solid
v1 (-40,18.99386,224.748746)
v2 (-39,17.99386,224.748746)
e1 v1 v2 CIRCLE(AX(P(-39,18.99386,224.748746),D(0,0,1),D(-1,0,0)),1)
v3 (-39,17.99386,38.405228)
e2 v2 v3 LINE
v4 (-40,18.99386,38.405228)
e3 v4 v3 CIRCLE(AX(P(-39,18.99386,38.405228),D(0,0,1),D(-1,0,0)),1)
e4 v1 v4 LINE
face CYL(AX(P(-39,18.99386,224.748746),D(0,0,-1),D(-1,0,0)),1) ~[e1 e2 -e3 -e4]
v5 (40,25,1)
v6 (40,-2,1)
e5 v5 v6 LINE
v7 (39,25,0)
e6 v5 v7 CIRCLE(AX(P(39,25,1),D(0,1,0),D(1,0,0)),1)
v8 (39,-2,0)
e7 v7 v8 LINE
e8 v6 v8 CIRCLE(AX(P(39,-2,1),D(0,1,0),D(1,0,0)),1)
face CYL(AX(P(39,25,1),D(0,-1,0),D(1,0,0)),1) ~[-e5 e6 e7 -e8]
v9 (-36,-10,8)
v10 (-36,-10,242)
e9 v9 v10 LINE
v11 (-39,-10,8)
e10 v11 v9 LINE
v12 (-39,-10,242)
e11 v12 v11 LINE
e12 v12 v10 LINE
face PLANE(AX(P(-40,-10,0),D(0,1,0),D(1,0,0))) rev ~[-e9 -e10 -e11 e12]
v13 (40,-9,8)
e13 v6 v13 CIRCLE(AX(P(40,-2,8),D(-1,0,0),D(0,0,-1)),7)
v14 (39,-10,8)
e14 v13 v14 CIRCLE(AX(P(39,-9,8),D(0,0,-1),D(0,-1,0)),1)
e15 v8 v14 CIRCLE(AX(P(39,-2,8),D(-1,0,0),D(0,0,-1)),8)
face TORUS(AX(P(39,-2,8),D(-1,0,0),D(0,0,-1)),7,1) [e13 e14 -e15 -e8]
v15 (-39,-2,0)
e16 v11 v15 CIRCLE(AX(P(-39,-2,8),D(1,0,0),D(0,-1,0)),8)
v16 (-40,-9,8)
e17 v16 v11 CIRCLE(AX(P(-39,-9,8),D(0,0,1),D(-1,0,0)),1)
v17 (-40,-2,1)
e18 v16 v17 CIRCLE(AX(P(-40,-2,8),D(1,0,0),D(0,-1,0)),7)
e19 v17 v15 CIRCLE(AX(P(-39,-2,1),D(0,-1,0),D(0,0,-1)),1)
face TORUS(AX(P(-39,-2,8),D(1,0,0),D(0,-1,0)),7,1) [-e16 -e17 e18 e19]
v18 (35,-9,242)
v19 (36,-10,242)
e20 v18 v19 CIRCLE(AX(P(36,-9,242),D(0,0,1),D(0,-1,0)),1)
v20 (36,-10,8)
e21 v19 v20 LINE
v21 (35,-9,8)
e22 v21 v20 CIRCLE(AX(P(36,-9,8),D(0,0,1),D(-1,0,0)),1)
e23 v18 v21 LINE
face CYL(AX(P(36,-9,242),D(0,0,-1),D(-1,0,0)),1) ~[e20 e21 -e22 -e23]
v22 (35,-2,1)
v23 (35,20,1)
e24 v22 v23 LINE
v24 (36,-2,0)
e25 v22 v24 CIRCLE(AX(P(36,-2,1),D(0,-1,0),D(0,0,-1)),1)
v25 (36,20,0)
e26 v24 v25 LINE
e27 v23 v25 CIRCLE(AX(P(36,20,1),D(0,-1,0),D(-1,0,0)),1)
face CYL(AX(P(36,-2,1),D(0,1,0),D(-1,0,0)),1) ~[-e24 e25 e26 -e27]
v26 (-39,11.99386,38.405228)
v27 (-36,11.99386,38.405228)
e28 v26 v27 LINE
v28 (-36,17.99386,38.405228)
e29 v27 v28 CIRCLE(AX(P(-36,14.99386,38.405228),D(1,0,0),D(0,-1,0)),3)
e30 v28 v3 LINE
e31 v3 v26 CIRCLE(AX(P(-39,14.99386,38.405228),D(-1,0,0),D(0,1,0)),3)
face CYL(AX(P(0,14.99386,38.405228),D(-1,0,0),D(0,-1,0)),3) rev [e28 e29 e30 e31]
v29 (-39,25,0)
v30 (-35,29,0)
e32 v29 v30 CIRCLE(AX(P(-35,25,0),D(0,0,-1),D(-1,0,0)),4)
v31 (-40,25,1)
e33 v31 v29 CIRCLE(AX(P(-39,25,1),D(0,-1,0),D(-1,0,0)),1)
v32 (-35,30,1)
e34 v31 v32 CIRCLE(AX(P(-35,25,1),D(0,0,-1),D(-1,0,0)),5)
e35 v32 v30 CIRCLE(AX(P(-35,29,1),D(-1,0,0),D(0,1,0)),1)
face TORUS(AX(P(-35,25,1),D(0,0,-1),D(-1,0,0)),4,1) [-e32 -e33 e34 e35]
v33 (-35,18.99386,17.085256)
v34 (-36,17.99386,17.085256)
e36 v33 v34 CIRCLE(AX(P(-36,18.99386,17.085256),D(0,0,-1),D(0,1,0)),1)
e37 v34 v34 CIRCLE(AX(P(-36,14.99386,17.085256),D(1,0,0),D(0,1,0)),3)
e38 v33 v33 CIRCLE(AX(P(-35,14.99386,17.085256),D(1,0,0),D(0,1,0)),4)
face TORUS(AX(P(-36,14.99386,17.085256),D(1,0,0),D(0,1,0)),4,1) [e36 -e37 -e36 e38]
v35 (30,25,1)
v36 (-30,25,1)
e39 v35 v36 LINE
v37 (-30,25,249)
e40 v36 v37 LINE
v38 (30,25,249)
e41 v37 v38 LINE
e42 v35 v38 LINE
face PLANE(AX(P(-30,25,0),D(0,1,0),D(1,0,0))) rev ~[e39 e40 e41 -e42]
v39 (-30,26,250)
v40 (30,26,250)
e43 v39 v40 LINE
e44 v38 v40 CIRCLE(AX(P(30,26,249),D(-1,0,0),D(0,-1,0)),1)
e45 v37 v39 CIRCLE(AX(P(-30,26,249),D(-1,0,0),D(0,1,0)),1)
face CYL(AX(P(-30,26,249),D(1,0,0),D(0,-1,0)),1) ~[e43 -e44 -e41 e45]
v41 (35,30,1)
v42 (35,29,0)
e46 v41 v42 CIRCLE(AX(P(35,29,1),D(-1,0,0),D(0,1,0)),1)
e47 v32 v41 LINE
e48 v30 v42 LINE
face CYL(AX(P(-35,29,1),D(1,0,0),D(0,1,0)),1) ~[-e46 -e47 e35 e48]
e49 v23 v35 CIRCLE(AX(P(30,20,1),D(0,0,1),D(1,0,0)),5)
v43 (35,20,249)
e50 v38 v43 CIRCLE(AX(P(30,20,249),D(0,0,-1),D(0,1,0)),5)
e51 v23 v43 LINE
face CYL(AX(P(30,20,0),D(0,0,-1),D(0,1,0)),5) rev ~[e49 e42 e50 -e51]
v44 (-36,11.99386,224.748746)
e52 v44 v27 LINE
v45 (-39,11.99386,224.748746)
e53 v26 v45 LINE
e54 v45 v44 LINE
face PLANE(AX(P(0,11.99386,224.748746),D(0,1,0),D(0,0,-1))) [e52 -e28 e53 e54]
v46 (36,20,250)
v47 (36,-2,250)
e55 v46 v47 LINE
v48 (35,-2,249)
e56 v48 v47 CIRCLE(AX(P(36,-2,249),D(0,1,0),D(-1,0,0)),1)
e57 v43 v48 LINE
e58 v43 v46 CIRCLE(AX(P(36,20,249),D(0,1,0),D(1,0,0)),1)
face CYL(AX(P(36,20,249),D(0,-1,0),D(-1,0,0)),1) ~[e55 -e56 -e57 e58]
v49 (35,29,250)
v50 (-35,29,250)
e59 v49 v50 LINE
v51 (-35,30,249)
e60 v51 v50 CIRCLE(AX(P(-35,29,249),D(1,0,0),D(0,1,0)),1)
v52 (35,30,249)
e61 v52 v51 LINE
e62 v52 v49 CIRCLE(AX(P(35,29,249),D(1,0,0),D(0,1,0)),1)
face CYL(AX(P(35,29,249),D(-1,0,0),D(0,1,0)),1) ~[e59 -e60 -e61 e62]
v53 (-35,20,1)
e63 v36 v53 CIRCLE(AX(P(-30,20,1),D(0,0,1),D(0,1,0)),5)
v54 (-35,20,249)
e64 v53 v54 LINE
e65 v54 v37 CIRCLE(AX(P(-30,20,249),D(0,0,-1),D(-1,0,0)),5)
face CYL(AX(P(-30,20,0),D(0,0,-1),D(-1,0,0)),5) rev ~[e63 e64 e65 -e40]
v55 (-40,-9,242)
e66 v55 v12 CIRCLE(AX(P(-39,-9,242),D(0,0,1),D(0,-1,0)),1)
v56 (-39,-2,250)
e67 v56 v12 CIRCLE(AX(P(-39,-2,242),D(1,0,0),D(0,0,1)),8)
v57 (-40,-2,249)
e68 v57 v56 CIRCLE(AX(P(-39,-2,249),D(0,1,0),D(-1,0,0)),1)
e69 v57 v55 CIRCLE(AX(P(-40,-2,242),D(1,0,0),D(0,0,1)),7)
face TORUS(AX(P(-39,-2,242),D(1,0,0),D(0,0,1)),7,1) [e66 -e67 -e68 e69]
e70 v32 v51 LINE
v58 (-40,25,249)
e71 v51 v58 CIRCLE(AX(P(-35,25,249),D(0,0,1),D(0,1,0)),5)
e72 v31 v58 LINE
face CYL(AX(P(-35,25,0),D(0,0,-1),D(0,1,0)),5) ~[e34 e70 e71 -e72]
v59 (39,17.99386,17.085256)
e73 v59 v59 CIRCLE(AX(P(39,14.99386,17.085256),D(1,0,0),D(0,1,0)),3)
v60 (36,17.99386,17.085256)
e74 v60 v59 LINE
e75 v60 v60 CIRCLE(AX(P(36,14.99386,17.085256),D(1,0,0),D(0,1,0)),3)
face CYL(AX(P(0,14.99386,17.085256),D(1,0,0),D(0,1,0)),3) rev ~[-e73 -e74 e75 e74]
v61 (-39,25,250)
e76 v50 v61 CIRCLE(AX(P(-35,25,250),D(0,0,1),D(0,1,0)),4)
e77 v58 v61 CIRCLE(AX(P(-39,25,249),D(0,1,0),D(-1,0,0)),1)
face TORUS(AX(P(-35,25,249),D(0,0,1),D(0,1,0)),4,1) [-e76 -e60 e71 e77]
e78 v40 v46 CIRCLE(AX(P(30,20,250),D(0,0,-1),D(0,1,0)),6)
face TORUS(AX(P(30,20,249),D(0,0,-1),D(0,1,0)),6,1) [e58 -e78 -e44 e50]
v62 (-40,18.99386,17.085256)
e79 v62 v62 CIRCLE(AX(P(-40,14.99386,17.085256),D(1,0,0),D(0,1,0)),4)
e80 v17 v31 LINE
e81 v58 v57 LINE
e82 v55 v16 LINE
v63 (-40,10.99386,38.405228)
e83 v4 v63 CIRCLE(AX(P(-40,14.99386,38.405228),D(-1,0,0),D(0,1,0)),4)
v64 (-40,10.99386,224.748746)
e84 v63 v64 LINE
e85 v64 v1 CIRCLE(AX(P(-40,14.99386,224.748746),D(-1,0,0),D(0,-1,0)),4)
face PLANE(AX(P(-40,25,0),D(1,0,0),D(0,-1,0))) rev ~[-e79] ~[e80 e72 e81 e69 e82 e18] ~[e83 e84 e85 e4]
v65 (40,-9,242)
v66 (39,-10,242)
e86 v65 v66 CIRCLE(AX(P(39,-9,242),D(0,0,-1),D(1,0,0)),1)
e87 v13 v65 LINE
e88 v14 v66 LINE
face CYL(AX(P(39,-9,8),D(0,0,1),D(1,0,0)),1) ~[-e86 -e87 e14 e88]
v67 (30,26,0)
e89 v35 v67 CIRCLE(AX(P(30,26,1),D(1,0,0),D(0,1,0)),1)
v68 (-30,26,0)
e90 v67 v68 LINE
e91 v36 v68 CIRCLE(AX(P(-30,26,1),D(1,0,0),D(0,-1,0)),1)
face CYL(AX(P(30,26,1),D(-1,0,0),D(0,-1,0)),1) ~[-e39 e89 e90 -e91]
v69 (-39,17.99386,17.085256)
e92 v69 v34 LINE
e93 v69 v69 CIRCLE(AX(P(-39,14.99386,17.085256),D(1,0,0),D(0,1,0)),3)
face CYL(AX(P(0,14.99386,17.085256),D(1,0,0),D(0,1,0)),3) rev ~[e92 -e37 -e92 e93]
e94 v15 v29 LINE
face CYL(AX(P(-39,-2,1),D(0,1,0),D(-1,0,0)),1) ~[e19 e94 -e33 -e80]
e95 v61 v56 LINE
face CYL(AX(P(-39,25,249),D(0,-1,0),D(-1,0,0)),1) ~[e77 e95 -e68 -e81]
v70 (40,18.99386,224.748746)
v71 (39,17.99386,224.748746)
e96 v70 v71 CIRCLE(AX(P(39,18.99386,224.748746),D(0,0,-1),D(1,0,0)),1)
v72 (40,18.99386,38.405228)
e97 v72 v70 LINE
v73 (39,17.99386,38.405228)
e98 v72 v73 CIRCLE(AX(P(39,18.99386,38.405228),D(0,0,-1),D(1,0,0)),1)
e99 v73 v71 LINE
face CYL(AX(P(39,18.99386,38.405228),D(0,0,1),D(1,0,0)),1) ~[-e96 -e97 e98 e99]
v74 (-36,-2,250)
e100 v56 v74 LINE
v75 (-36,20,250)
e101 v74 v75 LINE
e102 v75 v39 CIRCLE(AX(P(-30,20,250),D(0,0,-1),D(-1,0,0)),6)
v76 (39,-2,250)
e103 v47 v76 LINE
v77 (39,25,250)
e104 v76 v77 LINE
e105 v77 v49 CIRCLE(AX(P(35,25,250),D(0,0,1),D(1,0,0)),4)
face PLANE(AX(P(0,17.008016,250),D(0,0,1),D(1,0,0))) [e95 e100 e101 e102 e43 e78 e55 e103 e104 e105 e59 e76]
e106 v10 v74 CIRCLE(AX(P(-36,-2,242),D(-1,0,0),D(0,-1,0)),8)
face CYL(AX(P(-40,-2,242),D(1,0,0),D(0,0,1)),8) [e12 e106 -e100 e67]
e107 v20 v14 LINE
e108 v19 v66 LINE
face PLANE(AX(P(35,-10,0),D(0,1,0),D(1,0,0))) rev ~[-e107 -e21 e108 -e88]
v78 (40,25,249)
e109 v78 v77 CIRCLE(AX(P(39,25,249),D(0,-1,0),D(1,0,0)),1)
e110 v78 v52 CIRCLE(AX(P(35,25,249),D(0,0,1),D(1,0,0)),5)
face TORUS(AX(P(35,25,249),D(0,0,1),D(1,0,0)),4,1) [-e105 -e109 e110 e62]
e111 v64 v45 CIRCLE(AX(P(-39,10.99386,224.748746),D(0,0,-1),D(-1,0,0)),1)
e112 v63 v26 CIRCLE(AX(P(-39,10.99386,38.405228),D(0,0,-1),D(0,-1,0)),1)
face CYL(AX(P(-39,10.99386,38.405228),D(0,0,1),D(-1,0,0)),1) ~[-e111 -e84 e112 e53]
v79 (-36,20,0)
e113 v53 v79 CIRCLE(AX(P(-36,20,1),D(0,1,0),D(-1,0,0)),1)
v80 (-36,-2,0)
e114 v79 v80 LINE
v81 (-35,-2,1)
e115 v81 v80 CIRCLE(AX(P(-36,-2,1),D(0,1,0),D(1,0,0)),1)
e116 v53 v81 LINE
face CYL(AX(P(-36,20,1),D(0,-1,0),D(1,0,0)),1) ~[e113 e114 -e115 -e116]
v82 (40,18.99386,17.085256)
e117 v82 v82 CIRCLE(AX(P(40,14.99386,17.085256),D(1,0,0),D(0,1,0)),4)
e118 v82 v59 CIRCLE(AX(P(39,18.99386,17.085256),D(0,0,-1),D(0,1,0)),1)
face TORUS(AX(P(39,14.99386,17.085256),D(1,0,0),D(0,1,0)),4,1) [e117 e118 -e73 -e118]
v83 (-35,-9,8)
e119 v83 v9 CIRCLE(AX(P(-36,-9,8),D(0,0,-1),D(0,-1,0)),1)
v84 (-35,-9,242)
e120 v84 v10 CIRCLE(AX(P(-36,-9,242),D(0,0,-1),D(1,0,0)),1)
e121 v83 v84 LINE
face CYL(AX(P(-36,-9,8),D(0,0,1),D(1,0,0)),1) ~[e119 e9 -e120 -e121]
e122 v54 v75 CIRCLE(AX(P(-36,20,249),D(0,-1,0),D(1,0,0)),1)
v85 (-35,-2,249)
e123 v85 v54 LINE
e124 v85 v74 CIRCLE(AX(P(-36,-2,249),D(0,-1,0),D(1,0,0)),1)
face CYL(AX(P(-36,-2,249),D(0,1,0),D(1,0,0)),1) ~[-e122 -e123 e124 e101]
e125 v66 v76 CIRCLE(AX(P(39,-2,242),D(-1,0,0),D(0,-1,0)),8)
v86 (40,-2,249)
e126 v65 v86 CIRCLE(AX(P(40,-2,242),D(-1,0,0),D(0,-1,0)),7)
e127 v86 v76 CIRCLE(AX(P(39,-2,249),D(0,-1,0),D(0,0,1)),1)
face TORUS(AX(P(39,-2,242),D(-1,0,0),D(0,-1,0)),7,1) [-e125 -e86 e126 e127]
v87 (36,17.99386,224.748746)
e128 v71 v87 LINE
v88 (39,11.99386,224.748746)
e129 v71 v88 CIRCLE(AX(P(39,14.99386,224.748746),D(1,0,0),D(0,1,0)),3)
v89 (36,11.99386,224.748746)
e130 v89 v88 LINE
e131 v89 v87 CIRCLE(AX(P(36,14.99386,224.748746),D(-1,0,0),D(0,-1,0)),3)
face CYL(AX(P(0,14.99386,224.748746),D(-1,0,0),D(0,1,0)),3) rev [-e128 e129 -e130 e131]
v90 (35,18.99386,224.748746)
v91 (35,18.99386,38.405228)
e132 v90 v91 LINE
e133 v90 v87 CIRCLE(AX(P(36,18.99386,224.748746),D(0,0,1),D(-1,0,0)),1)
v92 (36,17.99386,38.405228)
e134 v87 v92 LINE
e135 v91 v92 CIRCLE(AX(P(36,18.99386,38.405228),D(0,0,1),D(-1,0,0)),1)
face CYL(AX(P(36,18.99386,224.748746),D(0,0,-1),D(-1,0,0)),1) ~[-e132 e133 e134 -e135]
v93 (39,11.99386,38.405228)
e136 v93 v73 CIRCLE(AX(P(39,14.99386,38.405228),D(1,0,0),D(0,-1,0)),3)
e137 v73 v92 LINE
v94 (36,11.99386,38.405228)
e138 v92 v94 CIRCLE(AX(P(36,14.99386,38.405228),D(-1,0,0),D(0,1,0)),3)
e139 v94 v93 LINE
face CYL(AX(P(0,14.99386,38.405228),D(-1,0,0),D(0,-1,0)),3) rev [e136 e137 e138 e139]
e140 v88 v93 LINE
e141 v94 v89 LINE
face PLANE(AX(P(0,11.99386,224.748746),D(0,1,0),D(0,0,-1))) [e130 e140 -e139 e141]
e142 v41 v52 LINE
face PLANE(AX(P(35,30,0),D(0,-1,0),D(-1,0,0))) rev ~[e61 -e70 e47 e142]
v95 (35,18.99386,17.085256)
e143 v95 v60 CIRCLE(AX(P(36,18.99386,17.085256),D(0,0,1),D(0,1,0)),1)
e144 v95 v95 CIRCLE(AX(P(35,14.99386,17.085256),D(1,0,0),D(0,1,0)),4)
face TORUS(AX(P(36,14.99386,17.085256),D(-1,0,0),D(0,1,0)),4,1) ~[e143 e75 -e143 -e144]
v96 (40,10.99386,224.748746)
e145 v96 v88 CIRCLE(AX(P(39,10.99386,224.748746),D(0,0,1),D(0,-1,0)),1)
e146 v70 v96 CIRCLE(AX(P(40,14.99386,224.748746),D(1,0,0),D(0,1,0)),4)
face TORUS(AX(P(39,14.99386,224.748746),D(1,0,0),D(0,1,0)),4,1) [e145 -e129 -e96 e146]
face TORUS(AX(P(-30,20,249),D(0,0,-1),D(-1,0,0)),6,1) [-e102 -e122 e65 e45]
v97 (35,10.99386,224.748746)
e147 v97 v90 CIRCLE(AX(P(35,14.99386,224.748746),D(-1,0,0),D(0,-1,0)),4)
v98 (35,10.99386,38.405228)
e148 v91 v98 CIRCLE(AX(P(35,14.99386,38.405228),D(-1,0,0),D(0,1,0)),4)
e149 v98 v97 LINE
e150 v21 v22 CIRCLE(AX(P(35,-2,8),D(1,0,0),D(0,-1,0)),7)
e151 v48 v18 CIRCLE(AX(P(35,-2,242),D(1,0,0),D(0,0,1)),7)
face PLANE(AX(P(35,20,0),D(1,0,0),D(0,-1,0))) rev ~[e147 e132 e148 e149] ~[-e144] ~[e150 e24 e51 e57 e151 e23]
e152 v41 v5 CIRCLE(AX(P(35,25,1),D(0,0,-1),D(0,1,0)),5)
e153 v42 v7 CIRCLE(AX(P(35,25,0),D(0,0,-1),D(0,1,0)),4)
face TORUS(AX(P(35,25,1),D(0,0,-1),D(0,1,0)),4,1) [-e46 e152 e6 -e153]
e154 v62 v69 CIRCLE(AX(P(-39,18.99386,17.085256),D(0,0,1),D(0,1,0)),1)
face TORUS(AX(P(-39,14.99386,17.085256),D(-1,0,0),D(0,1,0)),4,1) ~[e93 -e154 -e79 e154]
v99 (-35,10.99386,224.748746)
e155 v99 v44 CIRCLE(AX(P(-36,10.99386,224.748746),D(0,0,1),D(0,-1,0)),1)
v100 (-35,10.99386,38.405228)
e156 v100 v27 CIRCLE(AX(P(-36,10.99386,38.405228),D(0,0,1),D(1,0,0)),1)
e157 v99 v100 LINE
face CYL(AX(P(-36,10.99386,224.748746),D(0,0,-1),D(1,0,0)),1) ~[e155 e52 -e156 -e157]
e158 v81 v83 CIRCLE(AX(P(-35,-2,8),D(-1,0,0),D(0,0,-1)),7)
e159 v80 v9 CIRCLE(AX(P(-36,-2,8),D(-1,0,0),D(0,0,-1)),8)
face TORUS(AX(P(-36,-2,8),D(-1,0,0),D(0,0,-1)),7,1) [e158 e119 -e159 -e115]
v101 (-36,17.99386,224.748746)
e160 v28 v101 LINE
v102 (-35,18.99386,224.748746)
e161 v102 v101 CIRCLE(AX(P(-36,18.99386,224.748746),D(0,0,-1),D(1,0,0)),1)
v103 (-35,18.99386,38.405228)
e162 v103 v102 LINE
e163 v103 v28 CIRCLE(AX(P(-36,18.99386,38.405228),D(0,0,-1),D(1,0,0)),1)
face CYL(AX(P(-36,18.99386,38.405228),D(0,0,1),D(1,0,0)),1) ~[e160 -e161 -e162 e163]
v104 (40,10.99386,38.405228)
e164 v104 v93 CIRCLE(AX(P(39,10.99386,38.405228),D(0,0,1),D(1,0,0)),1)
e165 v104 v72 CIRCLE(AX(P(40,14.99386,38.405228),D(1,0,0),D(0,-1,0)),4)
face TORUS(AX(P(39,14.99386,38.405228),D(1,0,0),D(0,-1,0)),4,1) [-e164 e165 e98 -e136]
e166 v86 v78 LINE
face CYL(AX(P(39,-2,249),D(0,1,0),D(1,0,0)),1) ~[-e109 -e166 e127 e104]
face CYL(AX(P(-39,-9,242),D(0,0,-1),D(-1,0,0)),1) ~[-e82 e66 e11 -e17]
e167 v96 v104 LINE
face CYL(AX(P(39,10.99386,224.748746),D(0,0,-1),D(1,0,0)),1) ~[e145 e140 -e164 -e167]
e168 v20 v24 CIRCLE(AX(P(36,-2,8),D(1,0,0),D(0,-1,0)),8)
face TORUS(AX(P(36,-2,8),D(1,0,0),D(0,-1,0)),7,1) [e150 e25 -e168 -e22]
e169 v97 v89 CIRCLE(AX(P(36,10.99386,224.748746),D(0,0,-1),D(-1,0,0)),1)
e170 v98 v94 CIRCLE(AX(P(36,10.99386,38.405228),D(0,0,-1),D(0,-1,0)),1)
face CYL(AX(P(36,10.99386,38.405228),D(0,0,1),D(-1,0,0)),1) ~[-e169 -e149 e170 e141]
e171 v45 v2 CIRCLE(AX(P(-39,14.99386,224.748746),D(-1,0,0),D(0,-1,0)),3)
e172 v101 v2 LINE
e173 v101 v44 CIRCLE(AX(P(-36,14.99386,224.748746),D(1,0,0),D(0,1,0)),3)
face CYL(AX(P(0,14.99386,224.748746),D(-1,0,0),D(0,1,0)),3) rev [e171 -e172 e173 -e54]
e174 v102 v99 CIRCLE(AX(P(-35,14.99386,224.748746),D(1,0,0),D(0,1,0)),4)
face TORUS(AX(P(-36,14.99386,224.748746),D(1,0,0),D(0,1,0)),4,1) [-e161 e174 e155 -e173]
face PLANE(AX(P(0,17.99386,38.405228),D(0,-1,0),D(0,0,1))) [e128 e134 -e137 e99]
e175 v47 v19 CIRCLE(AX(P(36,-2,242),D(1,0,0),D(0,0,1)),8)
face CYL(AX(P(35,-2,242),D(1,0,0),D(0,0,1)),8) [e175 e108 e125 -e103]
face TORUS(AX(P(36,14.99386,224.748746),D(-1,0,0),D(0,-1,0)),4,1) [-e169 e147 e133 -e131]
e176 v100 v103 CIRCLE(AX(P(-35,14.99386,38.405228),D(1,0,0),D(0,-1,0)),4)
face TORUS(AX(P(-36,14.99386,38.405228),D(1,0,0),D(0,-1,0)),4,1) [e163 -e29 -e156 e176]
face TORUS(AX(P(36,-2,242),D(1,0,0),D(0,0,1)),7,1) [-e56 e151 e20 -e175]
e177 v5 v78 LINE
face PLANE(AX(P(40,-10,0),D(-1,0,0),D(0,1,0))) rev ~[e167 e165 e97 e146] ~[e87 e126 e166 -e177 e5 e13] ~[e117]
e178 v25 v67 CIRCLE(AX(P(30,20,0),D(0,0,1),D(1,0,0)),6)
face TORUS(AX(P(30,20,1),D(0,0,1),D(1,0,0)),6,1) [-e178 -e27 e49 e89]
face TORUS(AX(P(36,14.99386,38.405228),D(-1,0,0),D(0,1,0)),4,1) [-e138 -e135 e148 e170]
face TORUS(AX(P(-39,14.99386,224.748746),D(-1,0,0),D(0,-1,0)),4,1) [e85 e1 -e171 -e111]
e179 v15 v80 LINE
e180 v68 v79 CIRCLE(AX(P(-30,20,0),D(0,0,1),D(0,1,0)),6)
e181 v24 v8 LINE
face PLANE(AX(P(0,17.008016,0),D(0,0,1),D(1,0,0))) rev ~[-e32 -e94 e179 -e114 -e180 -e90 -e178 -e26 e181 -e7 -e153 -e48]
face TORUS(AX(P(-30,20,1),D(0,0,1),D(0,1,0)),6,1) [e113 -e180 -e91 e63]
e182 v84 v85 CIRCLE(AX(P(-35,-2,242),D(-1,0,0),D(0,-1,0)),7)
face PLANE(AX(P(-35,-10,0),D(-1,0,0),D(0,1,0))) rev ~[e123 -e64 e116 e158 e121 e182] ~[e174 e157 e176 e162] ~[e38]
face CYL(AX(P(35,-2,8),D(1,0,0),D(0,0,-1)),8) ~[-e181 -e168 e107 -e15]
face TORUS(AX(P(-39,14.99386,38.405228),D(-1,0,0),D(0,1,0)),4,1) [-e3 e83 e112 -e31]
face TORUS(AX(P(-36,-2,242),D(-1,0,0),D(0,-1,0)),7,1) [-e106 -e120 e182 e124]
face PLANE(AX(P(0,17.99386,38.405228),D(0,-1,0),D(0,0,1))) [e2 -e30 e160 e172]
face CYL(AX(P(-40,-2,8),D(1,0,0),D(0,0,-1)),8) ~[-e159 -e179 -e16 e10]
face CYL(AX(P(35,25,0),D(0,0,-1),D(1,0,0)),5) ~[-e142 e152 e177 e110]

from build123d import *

# Parameters (mm, degrees)
F1_DEPTH = 250
F2_R     = 3
F3_DEPTH = 50
F4_R     = 8
F5_R     = 1


with BuildPart() as f1:
    # F0 (on Top) → F1 (new body)
    with BuildSketch(Plane.XY):
        with BuildLine():
            Line((35, 30), (-35, 30))
            ThreePointArc((-35, 30), (-38.5355339059, 28.5355339059), (-40, 25))
            Line((-40, 25), (-40, -10))
            Line((-40, -10), (-35, -10))
            Line((-35, -10), (-35, 20))
            ThreePointArc((-35, 20), (-33.5355339059, 23.5355339059), (-30, 25))
            Line((-30, 25), (30, 25))
            ThreePointArc((30, 25), (33.5355339059, 23.5355339059), (35, 20))
            Line((35, 20), (35, -10))
            Line((35, -10), (40, -10))
            Line((40, -10), (40, 25))
            ThreePointArc((40, 25), (38.5355339059, 28.5355339059), (35, 30))
        make_face()
    extrude(amount=F1_DEPTH)

    # F2 (on Right) → F3 (cut, symmetric)
    with BuildSketch(Plane.YZ):
        with BuildLine():
            Line((17.9938603863, 192.7300840616), (17.9938603863, 224.7487455606))
            ThreePointArc((17.9938603863, 224.7487455606), (14.9938603863, 227.7487455606), (11.9938603863, 224.7487455606))
            Line((11.9938603863, 224.7487455606), (11.9938603863, 192.7300840616))
            Line((11.9938603863, 192.7300840616), (11.9938603863, 38.4052284062))
            ThreePointArc((11.9938603863, 38.4052284062), (14.9938603863, 35.4052284062), (17.9938603863, 38.4052284062))
            Line((17.9938603863, 38.4052284062), (17.9938603863, 192.7300840616))
        make_face()
        with Locations((14.9938603863, 17.085256055)):
            Circle(F2_R)
    extrude(amount=F3_DEPTH, both=True, mode=Mode.SUBTRACT)

    # F4
    f4_edges = [f1.edges().sort_by_distance(p)[0] for p in [
        (-37.5, -10, 250),
        (37.5, -10, 250),
        (-37.5, -10, 0),
        (37.5, -10, 0),
    ]]
    fillet(f4_edges, radius=F4_R)

    # F5
    f5_edges = [f1.edges().sort_by_distance(p)[0] for p in [
        (-40, 11.5, 250),
        (-35, 9, 250),
        (-40, 17.99386, 131.576987),
        (-35, 17.99386, 131.576987),
        (-40, 11.99386, 17.085256),
        (35, 11.99386, 17.085256),
        (35, 17.99386, 131.576987),
        (40, 17.99386, 131.576987),
        (40, 11.99386, 17.085256),
        (-35, 11.99386, 17.085256),
    ]]
    fillet(f5_edges, radius=F5_R)


solid = f1.part
